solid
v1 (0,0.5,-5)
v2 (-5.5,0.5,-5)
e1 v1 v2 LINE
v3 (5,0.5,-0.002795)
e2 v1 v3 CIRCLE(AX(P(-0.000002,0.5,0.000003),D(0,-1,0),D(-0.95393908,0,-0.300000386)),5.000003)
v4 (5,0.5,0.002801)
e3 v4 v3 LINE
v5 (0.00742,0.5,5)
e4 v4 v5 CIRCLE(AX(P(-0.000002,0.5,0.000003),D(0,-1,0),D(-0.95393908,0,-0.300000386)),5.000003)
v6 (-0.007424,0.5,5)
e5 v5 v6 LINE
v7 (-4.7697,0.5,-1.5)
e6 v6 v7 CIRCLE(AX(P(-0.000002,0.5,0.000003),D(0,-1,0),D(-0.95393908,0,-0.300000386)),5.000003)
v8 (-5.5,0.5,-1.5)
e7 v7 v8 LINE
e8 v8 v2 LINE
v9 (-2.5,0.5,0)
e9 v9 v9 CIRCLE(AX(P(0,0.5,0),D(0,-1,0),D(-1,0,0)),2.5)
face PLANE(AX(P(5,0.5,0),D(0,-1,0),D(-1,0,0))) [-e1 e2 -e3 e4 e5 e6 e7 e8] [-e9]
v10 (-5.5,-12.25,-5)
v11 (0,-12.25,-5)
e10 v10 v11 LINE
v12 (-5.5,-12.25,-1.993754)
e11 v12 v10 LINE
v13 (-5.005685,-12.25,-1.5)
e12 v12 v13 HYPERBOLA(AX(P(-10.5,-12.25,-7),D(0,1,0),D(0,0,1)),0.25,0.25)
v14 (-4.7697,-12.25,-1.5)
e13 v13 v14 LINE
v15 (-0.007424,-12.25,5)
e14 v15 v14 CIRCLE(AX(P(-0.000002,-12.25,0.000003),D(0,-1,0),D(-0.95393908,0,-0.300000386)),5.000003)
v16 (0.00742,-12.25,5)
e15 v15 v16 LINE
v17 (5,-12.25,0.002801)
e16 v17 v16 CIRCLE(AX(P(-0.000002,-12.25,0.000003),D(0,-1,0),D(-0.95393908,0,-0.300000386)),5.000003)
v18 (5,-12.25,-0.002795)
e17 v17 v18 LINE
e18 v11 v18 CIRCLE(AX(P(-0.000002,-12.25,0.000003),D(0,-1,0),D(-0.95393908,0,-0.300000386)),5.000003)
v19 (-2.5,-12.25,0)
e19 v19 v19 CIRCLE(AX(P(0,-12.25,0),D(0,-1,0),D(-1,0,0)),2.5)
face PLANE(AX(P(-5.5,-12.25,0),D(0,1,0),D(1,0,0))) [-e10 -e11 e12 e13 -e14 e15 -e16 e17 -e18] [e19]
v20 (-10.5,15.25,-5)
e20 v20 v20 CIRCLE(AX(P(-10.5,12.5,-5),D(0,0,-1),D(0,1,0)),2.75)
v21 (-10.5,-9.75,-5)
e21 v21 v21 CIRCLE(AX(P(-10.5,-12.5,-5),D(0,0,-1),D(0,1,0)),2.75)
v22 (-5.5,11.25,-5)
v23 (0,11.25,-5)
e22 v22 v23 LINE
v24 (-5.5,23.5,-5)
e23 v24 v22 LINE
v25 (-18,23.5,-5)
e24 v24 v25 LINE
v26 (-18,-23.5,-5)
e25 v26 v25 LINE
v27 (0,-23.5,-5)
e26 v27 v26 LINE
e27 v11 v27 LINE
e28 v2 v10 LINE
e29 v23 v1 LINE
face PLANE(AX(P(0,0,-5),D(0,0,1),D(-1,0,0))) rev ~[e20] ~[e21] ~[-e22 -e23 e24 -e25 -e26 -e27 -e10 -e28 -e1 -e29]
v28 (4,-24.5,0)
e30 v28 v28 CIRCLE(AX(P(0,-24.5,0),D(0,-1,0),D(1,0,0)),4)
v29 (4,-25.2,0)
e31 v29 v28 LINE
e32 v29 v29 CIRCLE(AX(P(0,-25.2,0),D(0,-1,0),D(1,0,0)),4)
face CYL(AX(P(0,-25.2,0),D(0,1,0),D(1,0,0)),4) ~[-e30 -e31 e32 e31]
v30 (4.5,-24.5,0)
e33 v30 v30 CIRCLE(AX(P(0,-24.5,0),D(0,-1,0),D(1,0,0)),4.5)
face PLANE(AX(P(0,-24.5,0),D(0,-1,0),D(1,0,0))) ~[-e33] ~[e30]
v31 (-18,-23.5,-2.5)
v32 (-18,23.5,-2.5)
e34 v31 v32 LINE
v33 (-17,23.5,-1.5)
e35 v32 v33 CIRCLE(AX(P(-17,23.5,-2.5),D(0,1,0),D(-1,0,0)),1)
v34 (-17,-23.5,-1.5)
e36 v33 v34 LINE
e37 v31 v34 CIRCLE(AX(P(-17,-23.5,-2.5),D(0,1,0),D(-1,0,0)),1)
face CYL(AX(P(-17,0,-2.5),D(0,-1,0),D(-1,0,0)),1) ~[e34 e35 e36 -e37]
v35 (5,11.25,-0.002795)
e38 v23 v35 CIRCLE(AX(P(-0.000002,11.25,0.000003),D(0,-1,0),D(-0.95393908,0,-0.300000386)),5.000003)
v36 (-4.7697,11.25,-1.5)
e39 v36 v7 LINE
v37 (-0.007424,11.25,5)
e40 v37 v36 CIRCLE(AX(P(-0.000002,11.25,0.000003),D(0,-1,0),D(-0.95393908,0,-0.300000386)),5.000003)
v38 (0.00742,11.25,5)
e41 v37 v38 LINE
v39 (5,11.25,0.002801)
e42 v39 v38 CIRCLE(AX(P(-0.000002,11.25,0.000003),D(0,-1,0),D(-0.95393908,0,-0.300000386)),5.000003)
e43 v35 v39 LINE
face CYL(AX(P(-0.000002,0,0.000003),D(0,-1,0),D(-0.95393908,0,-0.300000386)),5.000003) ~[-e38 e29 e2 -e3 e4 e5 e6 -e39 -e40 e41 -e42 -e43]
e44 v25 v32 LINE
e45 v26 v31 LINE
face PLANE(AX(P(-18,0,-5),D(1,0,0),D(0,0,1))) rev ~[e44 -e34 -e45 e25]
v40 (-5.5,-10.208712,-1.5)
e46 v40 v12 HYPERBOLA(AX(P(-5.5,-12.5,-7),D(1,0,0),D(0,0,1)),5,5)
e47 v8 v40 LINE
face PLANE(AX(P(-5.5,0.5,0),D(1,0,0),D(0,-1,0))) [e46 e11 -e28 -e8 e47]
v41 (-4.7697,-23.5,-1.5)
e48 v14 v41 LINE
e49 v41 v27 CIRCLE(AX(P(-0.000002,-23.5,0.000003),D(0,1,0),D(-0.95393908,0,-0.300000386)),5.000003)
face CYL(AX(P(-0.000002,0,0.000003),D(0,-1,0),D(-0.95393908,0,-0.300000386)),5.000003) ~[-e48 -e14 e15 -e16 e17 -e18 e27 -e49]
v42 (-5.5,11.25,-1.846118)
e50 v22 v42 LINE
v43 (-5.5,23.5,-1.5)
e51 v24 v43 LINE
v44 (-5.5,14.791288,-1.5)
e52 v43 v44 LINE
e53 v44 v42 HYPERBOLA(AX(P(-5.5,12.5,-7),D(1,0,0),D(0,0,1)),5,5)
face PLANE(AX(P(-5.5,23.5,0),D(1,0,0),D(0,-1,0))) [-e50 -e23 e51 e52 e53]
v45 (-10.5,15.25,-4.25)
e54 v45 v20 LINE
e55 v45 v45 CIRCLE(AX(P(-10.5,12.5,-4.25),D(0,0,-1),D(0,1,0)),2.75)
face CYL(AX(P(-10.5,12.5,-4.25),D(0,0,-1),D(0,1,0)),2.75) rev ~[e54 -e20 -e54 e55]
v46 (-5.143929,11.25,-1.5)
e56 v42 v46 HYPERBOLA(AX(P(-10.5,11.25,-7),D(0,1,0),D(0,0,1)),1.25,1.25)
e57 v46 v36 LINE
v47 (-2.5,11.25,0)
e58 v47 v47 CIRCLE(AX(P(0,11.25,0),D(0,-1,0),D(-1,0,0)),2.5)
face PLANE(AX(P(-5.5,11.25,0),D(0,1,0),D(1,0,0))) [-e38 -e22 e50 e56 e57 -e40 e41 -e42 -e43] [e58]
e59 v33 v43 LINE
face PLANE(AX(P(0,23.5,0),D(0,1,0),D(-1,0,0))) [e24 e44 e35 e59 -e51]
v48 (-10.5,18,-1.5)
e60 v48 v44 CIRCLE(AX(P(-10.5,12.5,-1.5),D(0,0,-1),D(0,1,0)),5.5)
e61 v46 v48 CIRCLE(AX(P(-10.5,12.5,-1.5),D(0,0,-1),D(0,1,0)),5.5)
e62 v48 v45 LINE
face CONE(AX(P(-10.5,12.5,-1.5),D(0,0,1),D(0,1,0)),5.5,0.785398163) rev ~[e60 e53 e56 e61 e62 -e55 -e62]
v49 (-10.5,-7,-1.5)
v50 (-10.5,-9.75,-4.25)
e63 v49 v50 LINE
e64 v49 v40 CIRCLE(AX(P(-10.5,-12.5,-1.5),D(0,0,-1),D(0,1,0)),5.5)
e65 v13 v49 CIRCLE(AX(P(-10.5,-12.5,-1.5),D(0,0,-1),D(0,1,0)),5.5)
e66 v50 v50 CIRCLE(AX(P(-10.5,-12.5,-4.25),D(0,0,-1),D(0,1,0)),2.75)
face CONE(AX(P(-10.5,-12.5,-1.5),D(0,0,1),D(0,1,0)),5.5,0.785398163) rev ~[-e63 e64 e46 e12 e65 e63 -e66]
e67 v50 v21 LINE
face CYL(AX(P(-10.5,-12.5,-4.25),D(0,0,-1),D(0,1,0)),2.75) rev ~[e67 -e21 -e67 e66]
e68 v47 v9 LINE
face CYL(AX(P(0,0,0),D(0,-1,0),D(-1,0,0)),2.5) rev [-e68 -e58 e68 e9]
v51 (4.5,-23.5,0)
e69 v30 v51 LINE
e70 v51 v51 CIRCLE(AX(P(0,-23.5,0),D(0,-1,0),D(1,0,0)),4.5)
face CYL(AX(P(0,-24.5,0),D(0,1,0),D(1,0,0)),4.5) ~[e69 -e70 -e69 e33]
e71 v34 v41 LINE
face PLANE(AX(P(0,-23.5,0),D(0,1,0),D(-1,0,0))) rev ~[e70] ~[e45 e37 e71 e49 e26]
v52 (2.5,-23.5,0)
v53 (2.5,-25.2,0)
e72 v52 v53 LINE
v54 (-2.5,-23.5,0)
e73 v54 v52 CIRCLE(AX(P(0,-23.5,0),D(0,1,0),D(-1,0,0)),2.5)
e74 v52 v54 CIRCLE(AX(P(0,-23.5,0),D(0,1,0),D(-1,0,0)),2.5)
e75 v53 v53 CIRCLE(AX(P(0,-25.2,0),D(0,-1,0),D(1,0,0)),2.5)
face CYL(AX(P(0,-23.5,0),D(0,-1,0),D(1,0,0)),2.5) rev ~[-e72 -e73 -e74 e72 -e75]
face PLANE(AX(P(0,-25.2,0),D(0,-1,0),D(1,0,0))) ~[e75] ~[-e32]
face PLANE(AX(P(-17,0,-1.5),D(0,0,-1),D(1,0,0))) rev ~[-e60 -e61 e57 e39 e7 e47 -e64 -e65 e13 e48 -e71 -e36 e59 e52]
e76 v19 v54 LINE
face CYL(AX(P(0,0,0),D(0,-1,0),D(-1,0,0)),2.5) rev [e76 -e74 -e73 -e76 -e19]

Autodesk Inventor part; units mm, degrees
sketch "Sketch_1" plane through (0, 0, 0) normal (0, 1, 0) x (-1, 0, 0)
  line L0 (18, -5) -> (18, -2.5)
  arc A0 (18, -2.5) -> (17, -1.5) centre (17, -2.5) ccw
  line L1 (17, -1.5) -> (4.7697, -1.5)
  arc A1 (4.7697, -1.5) -> (0, -5) centre (0, 0) ccw
  line L2 (0, -5) -> (18, -5)
  circle A2 centre (0, 0) radius 2.5
extrude "Extrusion1" add sketch "Sketch_1" along normal mid plane 47
sketch "Sketch_2" plane through (0, 0, 0) normal (0, 0, 1) x (1, 0, 0)
  line L0 (-5.5, 23.5) -> (-5.5, 11.25)
  line L1 (-5.5, 11.25) -> (5, 11.25)
  line L2 (5, 11.25) -> (5, 0.5)
  line L3 (5, 0.5) -> (-5.5, 0.5)
  line L4 (-5.5, 0.5) -> (-5.5, -12.25)
  line L5 (-5.5, -12.25) -> (5, -12.25)
  line L6 (5, -12.25) -> (5, -23.5)
  line L7 (5, -23.5) -> (10, -23.5)
  line L8 (10, -23.5) -> (10, 23.5)
  line L9 (10, 23.5) -> (-5.5, 23.5)
extrude "Extrusion2" cut sketch "Sketch_2" along normal mid plane 10
sketch "Sketch_4" plane through (-10.5, 0, 0) normal (1, 0, 0) x (0, 0, -1)
  line L0 (5, 12.5) -> (1.5, 12.5)
  line L1 (1.5, 12.5) -> (1.5, 18)
  line L2 (1.5, 18) -> (4.25, 15.25)
  line L3 (4.25, 15.25) -> (5, 15.25)
  line L4 (5, 15.25) -> (5, 12.5)
  line L5 (5, 12.5) -> (1.5, 12.5)
revolve "Revolution1" cut sketch "Sketch_4" angle 360 about axis through (-10.5, 12.5, -5) along (0, 0, -1)
sketch "Sketch_5" plane through (-10.5, 0, 0) normal (1, 0, 0) x (0, 0, -1)
  line L0 (5, -12.5) -> (1.5, -12.5)
  line L1 (1.5, -12.5) -> (1.5, -7)
  line L2 (1.5, -7) -> (4.25, -9.75)
  line L3 (4.25, -9.75) -> (5, -9.75)
  line L4 (5, -9.75) -> (5, -12.5)
  line L5 (5, -12.5) -> (1.5, -12.5)
revolve "Revolution2" cut sketch "Sketch_5" angle 360 about axis through (-10.5, -12.5, -5) along (0, 0, -1)
sketch "Sketch_10" plane through (0, 0, 0) normal (0, 0, 1) x (1, 0, 0)
  line L0 (0, -25.2) -> (0, -23.5)
  line L1 (2.5, -23.5) -> (2.5, -25.2)
  line L2 (2.5, -25.2) -> (4, -25.2)
  line L3 (4, -25.2) -> (4, -24.5)
  line L4 (4, -24.5) -> (4.5, -24.5)
  line L5 (4.5, -24.5) -> (4.5, -23.5)
  line L6 (4.5, -23.5) -> (2.5, -23.5)
revolve "Revolution3" add sketch "Sketch_10" angle 360 about axis through (0, -25.2, 0) along (0, -1, 0)
ref_plane "cp_XY" through (0, 0, 0) normal (0, 1, 0) x (1, 0, 0)
ref_plane "cp_YZ" through (0, 0, 0) normal (1, 0, 0) x (0, 0, -1)
ref_plane "cp_ZX" through (0, 0, 0) normal (0, 0, -1) x (0, 1, 0)
ref_plane "bolt1_XY" through (-10.5, 12.5, -4.25) normal (0, 0, 1) x (1, 0, 0)
ref_plane "bolt1_YZ" through (-10.5, 12.5, -4.25) normal (1, 0, 0) x (0, 1, 0)
ref_plane "bolt1_ZX" through (-10.5, 12.5, -4.25) normal (0, 1, 0) x (0, 0, 1)
ref_plane "bolt2_XY" through (-10.5, -12.5, -4.25) normal (0, 0, 1) x (1, 0, 0)
ref_plane "bolt2_YZ" through (-10.5, -12.5, -4.25) normal (1, 0, 0) x (0, 1, 0)
ref_plane "bolt2_ZX" through (-10.5, -12.5, -4.25) normal (0, 1, 0) x (0, 0, 1)
ref_plane "nut1_XY" through (-10.5, 12.5, -5) normal (0, 0, 1) x (1, 0, 0)
ref_plane "nut1_YZ" through (-10.5, 12.5, -5) normal (1, 0, 0) x (0, 1, 0)
ref_plane "nut1_ZX" through (-10.5, 12.5, -5) normal (0, 1, 0) x (0, 0, 1)
ref_plane "nut2_XY" through (-10.5, -12.5, -5) normal (0, 0, 1) x (1, 0, 0)
ref_plane "nut2_YZ" through (-10.5, -12.5, -5) normal (1, 0, 0) x (0, 1, 0)
ref_plane "nut2_ZX" through (-10.5, -12.5, -5) normal (0, 1, 0) x (0, 0, 1)
properties part number "HHPMGS5p1"
